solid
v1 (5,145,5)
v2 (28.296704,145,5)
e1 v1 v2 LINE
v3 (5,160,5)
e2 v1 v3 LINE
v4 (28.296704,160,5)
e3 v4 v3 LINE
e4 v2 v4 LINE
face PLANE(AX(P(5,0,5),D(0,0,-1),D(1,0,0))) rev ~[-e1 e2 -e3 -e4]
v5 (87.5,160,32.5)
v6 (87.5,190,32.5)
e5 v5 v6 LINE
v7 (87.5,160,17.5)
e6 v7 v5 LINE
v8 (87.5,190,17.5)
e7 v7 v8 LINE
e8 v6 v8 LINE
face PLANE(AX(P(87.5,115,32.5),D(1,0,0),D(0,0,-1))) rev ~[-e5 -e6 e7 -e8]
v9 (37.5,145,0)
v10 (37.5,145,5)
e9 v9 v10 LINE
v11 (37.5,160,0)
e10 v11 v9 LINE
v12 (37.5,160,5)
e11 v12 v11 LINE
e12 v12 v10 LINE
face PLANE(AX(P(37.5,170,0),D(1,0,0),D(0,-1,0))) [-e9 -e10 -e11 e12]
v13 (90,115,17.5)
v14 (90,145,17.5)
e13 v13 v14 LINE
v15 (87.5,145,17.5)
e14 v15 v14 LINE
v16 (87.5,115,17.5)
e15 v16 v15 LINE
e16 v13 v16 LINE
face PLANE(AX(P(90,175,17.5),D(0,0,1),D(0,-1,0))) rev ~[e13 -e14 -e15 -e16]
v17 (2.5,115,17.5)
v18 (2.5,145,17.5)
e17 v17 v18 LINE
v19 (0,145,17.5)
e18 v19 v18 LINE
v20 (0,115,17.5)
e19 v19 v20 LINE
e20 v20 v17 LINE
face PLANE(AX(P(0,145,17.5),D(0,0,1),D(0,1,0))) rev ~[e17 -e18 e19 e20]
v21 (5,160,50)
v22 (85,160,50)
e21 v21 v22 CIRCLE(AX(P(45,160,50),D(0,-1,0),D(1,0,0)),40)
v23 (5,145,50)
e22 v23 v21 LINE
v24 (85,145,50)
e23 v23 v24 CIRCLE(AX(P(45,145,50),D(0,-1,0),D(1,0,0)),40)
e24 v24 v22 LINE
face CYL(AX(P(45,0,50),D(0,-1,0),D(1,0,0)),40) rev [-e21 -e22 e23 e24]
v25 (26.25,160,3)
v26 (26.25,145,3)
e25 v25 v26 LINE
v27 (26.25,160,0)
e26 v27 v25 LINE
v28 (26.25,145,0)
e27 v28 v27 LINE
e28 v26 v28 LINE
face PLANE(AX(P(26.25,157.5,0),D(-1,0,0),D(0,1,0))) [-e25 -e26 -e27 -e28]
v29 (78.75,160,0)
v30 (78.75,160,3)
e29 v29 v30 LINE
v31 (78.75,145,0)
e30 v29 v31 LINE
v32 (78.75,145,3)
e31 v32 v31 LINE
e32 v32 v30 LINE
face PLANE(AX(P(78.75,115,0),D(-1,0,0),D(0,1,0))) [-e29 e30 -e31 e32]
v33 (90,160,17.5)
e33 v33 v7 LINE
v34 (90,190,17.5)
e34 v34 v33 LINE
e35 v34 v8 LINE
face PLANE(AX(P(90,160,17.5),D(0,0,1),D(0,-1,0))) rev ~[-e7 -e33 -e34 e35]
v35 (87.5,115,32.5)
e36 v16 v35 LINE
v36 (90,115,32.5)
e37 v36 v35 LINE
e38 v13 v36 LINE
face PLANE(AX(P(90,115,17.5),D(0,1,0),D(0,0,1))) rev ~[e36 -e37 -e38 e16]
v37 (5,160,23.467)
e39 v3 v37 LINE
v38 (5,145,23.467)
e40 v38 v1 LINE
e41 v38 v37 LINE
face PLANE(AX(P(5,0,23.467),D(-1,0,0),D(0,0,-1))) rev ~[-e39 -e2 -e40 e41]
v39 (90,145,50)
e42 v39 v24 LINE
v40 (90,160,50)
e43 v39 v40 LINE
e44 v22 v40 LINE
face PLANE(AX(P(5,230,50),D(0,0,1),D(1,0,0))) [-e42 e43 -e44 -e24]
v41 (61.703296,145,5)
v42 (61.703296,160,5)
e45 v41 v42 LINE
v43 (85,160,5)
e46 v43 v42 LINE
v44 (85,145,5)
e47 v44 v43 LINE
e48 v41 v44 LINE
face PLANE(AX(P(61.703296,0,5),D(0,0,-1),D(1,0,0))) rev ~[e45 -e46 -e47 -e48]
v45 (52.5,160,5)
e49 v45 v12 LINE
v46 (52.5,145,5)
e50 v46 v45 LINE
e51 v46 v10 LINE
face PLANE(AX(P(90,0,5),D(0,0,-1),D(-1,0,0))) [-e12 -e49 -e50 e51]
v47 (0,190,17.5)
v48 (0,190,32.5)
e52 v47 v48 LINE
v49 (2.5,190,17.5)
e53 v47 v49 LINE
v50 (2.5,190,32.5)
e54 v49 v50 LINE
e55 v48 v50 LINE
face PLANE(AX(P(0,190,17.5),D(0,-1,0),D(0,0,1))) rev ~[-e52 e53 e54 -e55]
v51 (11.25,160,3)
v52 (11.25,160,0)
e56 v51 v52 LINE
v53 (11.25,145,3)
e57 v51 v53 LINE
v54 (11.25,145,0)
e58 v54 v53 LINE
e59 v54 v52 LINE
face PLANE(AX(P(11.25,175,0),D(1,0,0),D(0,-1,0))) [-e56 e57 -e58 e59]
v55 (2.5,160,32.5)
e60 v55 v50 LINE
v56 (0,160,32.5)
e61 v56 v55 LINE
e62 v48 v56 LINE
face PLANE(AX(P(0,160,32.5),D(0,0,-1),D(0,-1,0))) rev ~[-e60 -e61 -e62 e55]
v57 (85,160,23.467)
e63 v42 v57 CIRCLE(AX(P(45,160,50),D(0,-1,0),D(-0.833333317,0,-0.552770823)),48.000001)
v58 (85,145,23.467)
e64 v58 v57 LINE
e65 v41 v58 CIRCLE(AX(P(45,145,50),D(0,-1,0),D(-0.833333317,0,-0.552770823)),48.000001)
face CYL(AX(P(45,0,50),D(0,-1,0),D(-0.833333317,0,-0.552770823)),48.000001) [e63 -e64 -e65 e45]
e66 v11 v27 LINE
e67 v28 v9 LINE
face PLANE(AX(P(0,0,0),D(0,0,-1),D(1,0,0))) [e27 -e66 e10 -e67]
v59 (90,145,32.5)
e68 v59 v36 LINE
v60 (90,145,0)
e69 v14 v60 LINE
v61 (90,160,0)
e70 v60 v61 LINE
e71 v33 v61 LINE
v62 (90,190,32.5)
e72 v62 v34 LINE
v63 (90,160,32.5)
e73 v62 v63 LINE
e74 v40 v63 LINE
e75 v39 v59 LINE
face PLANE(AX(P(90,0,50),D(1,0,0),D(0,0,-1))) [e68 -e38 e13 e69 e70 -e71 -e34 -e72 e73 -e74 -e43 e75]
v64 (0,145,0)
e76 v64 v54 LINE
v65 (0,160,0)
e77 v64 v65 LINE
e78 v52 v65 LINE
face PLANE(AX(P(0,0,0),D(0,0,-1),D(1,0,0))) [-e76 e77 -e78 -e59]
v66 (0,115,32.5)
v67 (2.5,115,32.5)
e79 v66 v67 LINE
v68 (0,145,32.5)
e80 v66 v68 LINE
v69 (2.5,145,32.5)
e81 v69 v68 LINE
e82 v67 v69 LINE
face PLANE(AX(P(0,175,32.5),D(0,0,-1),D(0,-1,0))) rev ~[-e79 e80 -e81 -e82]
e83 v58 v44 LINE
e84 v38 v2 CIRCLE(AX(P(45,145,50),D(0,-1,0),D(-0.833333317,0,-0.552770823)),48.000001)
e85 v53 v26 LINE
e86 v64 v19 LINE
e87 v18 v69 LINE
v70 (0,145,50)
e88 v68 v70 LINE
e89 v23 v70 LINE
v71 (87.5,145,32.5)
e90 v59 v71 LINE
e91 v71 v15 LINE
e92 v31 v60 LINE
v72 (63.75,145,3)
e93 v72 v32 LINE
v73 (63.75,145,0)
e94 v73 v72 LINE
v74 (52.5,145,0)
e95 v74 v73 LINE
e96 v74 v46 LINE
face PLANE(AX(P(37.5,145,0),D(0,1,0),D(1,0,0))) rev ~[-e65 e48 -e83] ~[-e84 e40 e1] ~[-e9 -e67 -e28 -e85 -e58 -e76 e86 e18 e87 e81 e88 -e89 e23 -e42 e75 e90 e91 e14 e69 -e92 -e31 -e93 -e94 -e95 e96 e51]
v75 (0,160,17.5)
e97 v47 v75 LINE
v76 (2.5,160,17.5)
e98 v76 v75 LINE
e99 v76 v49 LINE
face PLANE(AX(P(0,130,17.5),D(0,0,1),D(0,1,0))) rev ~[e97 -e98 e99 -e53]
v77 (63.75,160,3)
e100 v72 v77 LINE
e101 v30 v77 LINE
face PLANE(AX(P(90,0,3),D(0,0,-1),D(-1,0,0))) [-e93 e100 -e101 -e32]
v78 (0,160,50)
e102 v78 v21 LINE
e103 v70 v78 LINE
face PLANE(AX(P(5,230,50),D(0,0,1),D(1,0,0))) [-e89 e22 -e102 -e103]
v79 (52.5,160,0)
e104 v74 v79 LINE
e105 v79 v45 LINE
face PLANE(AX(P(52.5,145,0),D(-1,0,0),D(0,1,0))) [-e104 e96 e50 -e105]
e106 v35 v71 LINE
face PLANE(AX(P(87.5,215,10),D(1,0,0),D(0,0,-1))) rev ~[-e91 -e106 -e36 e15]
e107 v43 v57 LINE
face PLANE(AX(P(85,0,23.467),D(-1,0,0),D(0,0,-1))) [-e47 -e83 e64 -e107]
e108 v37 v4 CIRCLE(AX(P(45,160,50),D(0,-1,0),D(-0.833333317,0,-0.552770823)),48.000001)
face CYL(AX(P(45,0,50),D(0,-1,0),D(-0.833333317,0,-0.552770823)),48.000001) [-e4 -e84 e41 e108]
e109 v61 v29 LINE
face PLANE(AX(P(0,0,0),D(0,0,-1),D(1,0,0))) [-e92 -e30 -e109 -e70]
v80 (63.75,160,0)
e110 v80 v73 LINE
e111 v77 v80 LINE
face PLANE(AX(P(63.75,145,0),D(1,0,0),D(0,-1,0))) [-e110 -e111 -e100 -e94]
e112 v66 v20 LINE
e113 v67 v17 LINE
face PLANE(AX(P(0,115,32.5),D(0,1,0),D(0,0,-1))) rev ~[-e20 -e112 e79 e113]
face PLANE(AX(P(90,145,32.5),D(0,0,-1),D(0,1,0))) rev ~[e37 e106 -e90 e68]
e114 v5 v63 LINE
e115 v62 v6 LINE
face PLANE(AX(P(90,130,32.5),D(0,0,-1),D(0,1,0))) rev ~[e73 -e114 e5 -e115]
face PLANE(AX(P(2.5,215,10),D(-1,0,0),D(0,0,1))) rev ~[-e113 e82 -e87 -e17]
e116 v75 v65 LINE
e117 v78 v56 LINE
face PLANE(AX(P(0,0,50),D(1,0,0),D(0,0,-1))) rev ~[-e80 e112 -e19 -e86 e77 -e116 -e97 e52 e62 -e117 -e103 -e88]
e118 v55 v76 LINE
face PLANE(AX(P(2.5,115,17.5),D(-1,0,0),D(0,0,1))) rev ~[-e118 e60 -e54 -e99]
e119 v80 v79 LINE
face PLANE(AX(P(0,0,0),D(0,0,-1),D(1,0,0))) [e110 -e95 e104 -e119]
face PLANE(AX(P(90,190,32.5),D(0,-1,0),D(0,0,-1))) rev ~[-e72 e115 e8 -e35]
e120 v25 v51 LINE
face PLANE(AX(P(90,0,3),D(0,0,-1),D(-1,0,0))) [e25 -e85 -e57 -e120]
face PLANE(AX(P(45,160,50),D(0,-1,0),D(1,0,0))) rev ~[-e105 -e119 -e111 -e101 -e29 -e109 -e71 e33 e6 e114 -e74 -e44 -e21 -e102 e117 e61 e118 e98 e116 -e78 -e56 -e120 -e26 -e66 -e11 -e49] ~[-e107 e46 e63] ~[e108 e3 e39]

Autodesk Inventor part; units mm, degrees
ref_plane "YZ Plane" through (0, 0, 0) normal (1, 0, 0) x (0, 1, 0)
ref_plane "XZ Plane" through (0, 0, 0) normal (0, 1, 0) x (-1, 0, 0)
ref_plane "XY Plane" through (0, 0, 0) normal (0, 0, 1) x (1, 0, 0)
sketch "スケッチ1" plane through (0, 0, 0) normal (0, 1, 0) x (-1, 0, 0)
  line L0 (0, 0) -> (-90, 0)
  line L1 (-90, 0) -> (-90, 50)
  line L2 (0, 50) -> (0, 0)
  line L3 (0, 0) -> (-5, 0)
  line L4 (-5, 0) -> (-5, 50)
  line L5 (-5, 0) -> (-90, 0)
  line L6 (-90, 0) -> (-85, 0)
  line L7 (-85, 0) -> (-85, 50)
  arc A0 (-85, 50) -> (-5, 50) centre (-45, 50) ccw
  line L8 (0, 0) -> (0, 10)
  line L9 (0, 10) -> (-90, 10)
  circle A1 centre (-45, 50) radius 45
  line L10 (-90, 5) -> (0, 5)
  line L11 (-90, 50) -> (-85, 50)
  line L12 (-5, 50) -> (0, 50)
  line L13 (0, 0) -> (-90, 0)
  line L14 (-90, 0) -> (-90, 5)
  line L15 (-90, 5) -> (0, 5)
  line L16 (0, 5) -> (0, 0)
  dimension "d0" = 90
  dimension "d1" = 50
  dimension "d2" = 5
  dimension "d3" = 85
  dimension "d4" = 5
  dimension "d5" = 80
  dimension "d6" = 10
  dimension "d7" = 90
extrude "押し出し1" add sketch "スケッチ1" along normal blind 230 contours L0 L4 L10 L2 | L0 L7 L10 L4 | L10 L4 L9 L2 | L0 L1 L10 L7 | L10 A1 L9 L4 | L9 L4 A1 L2 | L10 L1 L9 L7 | L7 L9 A1 L10 | L9 A1 L4 | A1 L9 | A1 L4 L12 | L9 L1 A1 L7 | L7 A1 L9 | A1 L9 A0 L4 | A1 L7 A0 L9 | L11 L7 A1
sketch "スケッチ2" plane through (0, 0, 0) normal (0, -1, 0) x (1, 0, 0)
  line L0 (0, 0) -> (0, 50) projected
  line L1 (90, 0) -> (0, 0) projected
  line L2 (90, 50) -> (90, 0) projected
  line L3 (85, 50) -> (90, 50) projected
  arc A0 (5, 50) -> (85, 50) centre (45, 50) ccw projected
  line L4 (0, 50) -> (5, 50) projected
  arc A1 (5, 23.467) -> (85, 23.467) centre (45, 50) ccw
  line L5 (0, 5) -> (90, 5)
  line L6 (5, 23.467) -> (5, 5)
  line L7 (85, 23.467) -> (85, 5)
  dimension "d29" = 48
extrude "押し出し2" cut sketch "スケッチ2" against normal blind 225 contours L6 A1 L5 | L5 A1 L7
sketch "スケッチ3" plane through (0, 230, 0) normal (0, 1, 0) x (1, 0, 0)
  arc A0 (85, -50) -> (5, -50) centre (45, -50) ccw projected
  line L0 (90, -50) -> (90, 0) projected
  line L1 (0, -50) -> (5, -50) projected
  arc A1 (85, -50) -> (5, -50) centre (45, -50) ccw
  line L2 (5, -50) -> (85, -50)
extrude "押し出し3" add sketch "スケッチ3" against normal blind 5
sketch "スケッチ4" plane through (90, 0, 50) normal (1, 0, 0) x (0, 0, -1)
  line L0 (0, 0) -> (50, 0) projected
  line L1 (0, 0) -> (0, 230) projected
  line L2 (25, 0) -> (25, 65)
  line L3 (25, 65) -> (25, 75)
  line L4 (25, 75) -> (25, 215)
  line L5 (25, 215) -> (25, 225)
  line L6 (0, 65) -> (40, 65)
  line L7 (40, 65) -> (40, 75)
  line L8 (40, 75) -> (0, 75)
  line L9 (0, 75) -> (0, 65)
  line L10 (0, 215) -> (40, 215)
  line L11 (40, 215) -> (40, 225)
  line L12 (40, 225) -> (0, 225)
  line L13 (0, 225) -> (0, 215)
  dimension "d16" = 65
  dimension "d17" = 10
  dimension "d18" = 140
  dimension "d19" = 10
  dimension "d20" = 40
extrude "押し出し4" cut sketch "スケッチ4" against normal blind 90 contours L1 L8 L3 L6 | L3 L8 L7 L6 | L1 L12 L5 L10 | L5 L12 L11 L10
sketch "スケッチ6" plane through (90, 0, 50) normal (1, 0, 0) x (0, 0, -1)
  line L0 (0, 230) -> (50, 230) projected
  line L1 (50, 230) -> (37.5, 251.6506)
  line L2 (50, 230) -> (110, 230) construction
  line L3 (0, 230) -> (37.5, 251.6506)
  line L4 (0, 230) -> (43.3013, 230) construction
  dimension "d32" = 120
  dimension "d33" = 30
extrude "押し出し6" add sketch "スケッチ6" against normal blind 90
sketch "スケッチ9" plane through (0, 0, 0) normal (-1, 0, 0) x (0, 0, 1)
  line L0 (10, 225) -> (50, 225) projected
  line L1 (50, 225) -> (50, 230) projected
  line L2 (50, 230) -> (12.5, 251.6506) projected
  line L3 (12.5, 251.6506) -> (0, 230) projected
  line L4 (0, 0) -> (0, 230) projected
  line L5 (0, 0) -> (50, 0) projected
  line L6 (50, 0) -> (50, 65) projected
  line L7 (50, 65) -> (10, 65) projected
  line L8 (10, 65) -> (10, 75) projected
  line L9 (10, 75) -> (50, 75) projected
  line L10 (50, 75) -> (50, 215) projected
  line L11 (50, 215) -> (10, 215) projected
  line L12 (10, 215) -> (10, 225) projected
  line L13 (12.5, 251.6506) -> (0, 230)
  line L14 (0, 230) -> (-132.7906, 0)
  line L15 (0, 145) -> (-49.0748, 145)
  line L16 (0, 115) -> (-66.3953, 115)
  dimension "d45" = 30
sketch "スケッチ10" plane through (0, 0, 0) normal (-1, 0, 0) x (0, 0, 1)
  line L0 (10, 225) -> (50, 225) projected
  line L1 (50, 225) -> (50, 230) projected
  line L2 (50, 230) -> (12.5, 251.6506) projected
  line L3 (12.5, 251.6506) -> (0, 230) projected
  line L4 (0, 0) -> (0, 230) projected
  line L5 (0, 0) -> (50, 0) projected
  line L6 (50, 0) -> (50, 65) projected
  line L7 (50, 65) -> (10, 65) projected
  line L8 (10, 65) -> (10, 75) projected
  line L9 (10, 75) -> (50, 75) projected
  line L10 (50, 75) -> (50, 215) projected
  line L11 (50, 215) -> (10, 215) projected
  line L12 (10, 215) -> (10, 225) projected
  line L13 (12.5, 251.6506) -> (-87.5, 78.4456)
  line L14 (-87.5, 78.4456) -> (50, 0)
sketch "スケッチ12" plane through (90, 0, 50) normal (1, 0, 0) x (0, 0, -1)
  line L0 (50, 0) -> (50, 230) projected
  line L1 (40, 225) -> (40, 215) projected
  line L2 (0, 215) -> (0, 75)
  line L3 (0, 145) -> (50, 145)
  line L4 (32.5, 175) -> (17.5, 175)
  line L5 (17.5, 175) -> (17.5, 115)
  line L6 (17.5, 115) -> (32.5, 115)
  line L7 (32.5, 115) -> (32.5, 175)
  line L8 (32.5, 175) -> (17.5, 115) construction
  line L9 (17.5, 175) -> (32.5, 115) construction
  line L10 (17.5, 145) -> (32.5, 145)
  line L11 (32.5, 145) -> (32.5, 115)
  line L12 (32.5, 115) -> (17.5, 115)
  line L13 (17.5, 115) -> (17.5, 145)
  point P0 (25, 145)
  dimension "d59" = 15
  dimension "d60" = 60
extrude "押し出し8" cut sketch "スケッチ12" against normal blind 2.5 contours L3 L7 L6 L5
sketch "スケッチ13" plane through (0, 0, 0) normal (-1, 0, 0) x (0, 0, 1)
  line L0 (0, 0) -> (0, 230) projected
  line L1 (50, 75) -> (50, 215) projected
  line L2 (50, 145) -> (0, 145)
  line L3 (17.5, 175) -> (32.5, 175)
  line L4 (32.5, 175) -> (32.5, 115)
  line L5 (32.5, 115) -> (17.5, 115)
  line L6 (17.5, 115) -> (17.5, 175)
  line L7 (17.5, 175) -> (32.5, 115) construction
  line L8 (32.5, 175) -> (17.5, 115) construction
  line L9 (17.5, 145) -> (32.5, 145)
  line L10 (32.5, 145) -> (32.5, 115)
  line L11 (32.5, 115) -> (17.5, 115)
  line L12 (17.5, 115) -> (17.5, 145)
  point P0 (25, 145)
  dimension "d63" = 15
  dimension "d64" = 60
extrude "押し出し9" cut sketch "スケッチ13" against normal blind 2.5 contours L4 L5 L6 L2
sketch "スケッチ14" plane through (90, 0, 0) normal (0, 0, -1) x (-1, 0, 0)
  line L0 (90, 0) -> (90, 230) projected
  line L1 (0, 0) -> (0, 230) projected
  line L2 (0, 145) -> (90, 145)
  line L3 (37.5, 170) -> (52.5, 170)
  line L4 (52.5, 170) -> (52.5, 120)
  line L5 (52.5, 120) -> (37.5, 120)
  line L6 (37.5, 120) -> (37.5, 170)
  line L7 (37.5, 170) -> (52.5, 120) construction
  line L8 (52.5, 170) -> (37.5, 120) construction
  line L9 (37.5, 145) -> (52.5, 145)
  line L10 (52.5, 145) -> (52.5, 170)
  line L11 (52.5, 170) -> (37.5, 170)
  line L12 (37.5, 170) -> (37.5, 145)
  point P0 (45, 145)
  dimension "d67" = 15
  dimension "d70" = 25
extrude "押し出し10" cut sketch "スケッチ14" against normal blind 5 contours L6 L3 L4 L2
sketch "スケッチ16" plane through (90, 0, 0) normal (0, 0, -1) x (-1, 0, 0)
  line L0 (52.5, 170) -> (52.5, 145) projected
  line L1 (52.5, 145) -> (37.5, 145) projected
  line L2 (37.5, 145) -> (37.5, 170) projected
  line L3 (90, 0) -> (90, 230) projected
  line L4 (0, 0) -> (0, 230) projected
  line L5 (0, 145) -> (90, 145)
  line L6 (0, 160) -> (37.5, 157.5)
  line L7 (52.5, 157.5) -> (90, 157.5)
  line L8 (18.75, 158.75) -> (18.75, 145)
  line L9 (71.25, 145) -> (71.25, 157.5)
  line L10 (11.25, 175) -> (26.25, 175)
  line L11 (26.25, 175) -> (26.25, 115)
  line L12 (26.25, 115) -> (11.25, 115)
  line L13 (11.25, 115) -> (11.25, 175)
  line L14 (11.25, 175) -> (26.25, 115) construction
  line L15 (26.25, 175) -> (11.25, 115) construction
  line L16 (11.25, 115) -> (26.25, 115)
  line L17 (26.25, 115) -> (26.25, 175)
  line L18 (26.25, 175) -> (11.25, 175)
  line L19 (11.25, 175) -> (11.25, 115)
  line L20 (45, 145) -> (45, 125)
  line L21 (78.75, 175) -> (63.75, 175)
  line L22 (63.75, 115) -> (78.75, 115)
  line L23 (78.75, 175) -> (78.75, 115)
  line L24 (63.75, 115) -> (63.75, 175)
  line L25 (63.75, 175) -> (78.75, 175)
  line L26 (78.75, 175) -> (78.75, 115)
  line L27 (78.75, 115) -> (63.75, 115)
  line L28 (63.75, 115) -> (63.75, 175)
  line L29 (11.25, 115) -> (26.25, 115)
  line L30 (26.25, 115) -> (26.25, 175)
  line L31 (26.25, 175) -> (11.25, 175)
  line L32 (11.25, 175) -> (11.25, 115)
  dimension "d71" = 15
  dimension "d72" = 60
  dimension "d73" = 20
extrude "押し出し11" cut sketch "スケッチ16" against normal blind 3 contours L24 L21 L23 L7 | L7 L9 L5 L24 | L5 L23 L22 L24 | L7 L23 L5 L9 | L11 L12 L13 L5 | L5 L8 L6 L11 | L6 L13 L10 L11 | L5 L13 L6 L8
sketch "スケッチ17" plane through (37.5, 145, 0) normal (0, 1, 0) x (1, 0, 0)
  line L0 (-57.7643, 16.522) -> (69.053, 16.522)
  line L1 (69.053, 16.522) -> (69.053, -65.9751)
  line L2 (69.053, -65.9751) -> (-57.7643, -65.9751)
  line L3 (-57.7643, -65.9751) -> (-57.7643, 16.522)
  point P0 (-37.5, 0)
extrude "押し出し12" cut sketch "スケッチ17" against normal blind 180
sketch "スケッチ18" plane through (0, 215, 10) normal (-1, 0, 0) x (0, 0, 1)
  line L0 (-10, -70) -> (40, -70) projected
  line L1 (7.5, -40) -> (22.5, -40)
  line L2 (22.5, -40) -> (22.5, -100)
  line L3 (22.5, -100) -> (7.5, -100)
  line L4 (7.5, -100) -> (7.5, -40)
  line L5 (7.5, -40) -> (22.5, -100) construction
  line L6 (22.5, -40) -> (7.5, -100) construction
  point P0 (-10, -215)
  point P1 (15, -70)
  dimension "d78" = 15
  dimension "d79" = 60
extrude "押し出し13" add sketch "スケッチ18" against normal blind 2.5
sketch "スケッチ19" plane through (90, 215, 10) normal (1, 0, 0) x (0, 0, -1)
  line L0 (-40, -70) -> (10, -70) projected
  line L1 (-22.5, -40) -> (-7.5, -40)
  line L2 (-7.5, -40) -> (-7.5, -100)
  line L3 (-7.5, -100) -> (-22.5, -100)
  line L4 (-22.5, -100) -> (-22.5, -40)
  line L5 (-22.5, -40) -> (-7.5, -100) construction
  line L6 (-7.5, -40) -> (-22.5, -100) construction
  point P0 (10, -215)
  point P1 (-15, -70)
  dimension "d82" = 15
  dimension "d83" = 60
extrude "押し出し14" add sketch "スケッチ19" against normal blind 2.5
sketch "スケッチ20" plane through (90, 230, 0) normal (0, 0.5, -0.866) x (-1, 0, 0)
  line L0 (0, 0) -> (0, 25) projected
  line L1 (0, 0) -> (90, 0) projected
  line L2 (90, 25) -> (90, 0) projected
  line L3 (0, 25) -> (90, 25) projected
  line L4 (0, 12.5) -> (90, 12.5)
  line L5 (45, 12.5) -> (45, 25)
  line L6 (45, 12.5) -> (45, 0)
  line L7 (22.5, 18.5) -> (67.5, 18.5)
  line L8 (67.5, 18.5) -> (67.5, 6.5)
  line L9 (67.5, 6.5) -> (22.5, 6.5)
  line L10 (22.5, 6.5) -> (22.5, 18.5)
  line L11 (22.5, 18.5) -> (67.5, 6.5) construction
  line L12 (67.5, 18.5) -> (22.5, 6.5) construction
  circle A0 centre (45, 6.5) radius 3
  circle A1 centre (67.5, 18.5) radius 3
  circle A2 centre (67.5, 6.5) radius 3
  circle A3 centre (22.5, 6.5) radius 3
  circle A4 centre (22.5, 18.5) radius 3
  circle A5 centre (45, 18.5) radius 3
  point P0 (90, -199.1858)
  dimension "d86" = 45
  dimension "d87" = 6
  dimension "d89" = 6
  dimension "d90" = 6
  dimension "d91" = 6
  dimension "d92" = 6
  dimension "d93" = 6
  dimension "d94" = 6
extrude "押し出し15" add sketch "スケッチ20" along normal blind 5 contours A0 L9 L6 | L6 L9 A0 | A3 L9 L10 | L10 L9 A3 | A4 L7 L10 | L10 L7 A4 | L9 A0 L6 | L6 A0 L9 | A5 L7 L5 | L5 L7 A5 | A5 L7 L5 | L5 L7 A5 | A2 L8 L9 | L9 L8 A2 | A1 L7 L8 | L8 L7 A1
ref_plane "作業平面2" through (45, 160, 50) normal (0, -1, 0) x (1, 0, 0)
sketch "スケッチ21" plane through (45, 160, 50) normal (0, -1, 0) x (1, 0, 0)
  line L0 (-52.9668, 19.8142) -> (54.3752, 19.8142)
  line L1 (54.3752, 19.8142) -> (54.3752, -61.5309)
  line L2 (54.3752, -61.5309) -> (-52.9668, -61.5309)
  line L3 (-52.9668, -61.5309) -> (-52.9668, 19.8142)
  line L4 (-52.9668, 19.8142) -> (54.3752, -61.5309) construction
  line L5 (54.3752, 19.8142) -> (-52.9668, -61.5309) construction
  point P0 (-45, -50)
  point P1 (0.7042, -20.8583)
extrude "押し出し16" cut sketch "スケッチ21" against normal blind 150
sketch "スケッチ22" plane through (90, 115, 32.5) normal (1, 0, 0) x (0, 0, -1)
  line L0 (32.5, 45) -> (-17.5, 45) projected
  line L1 (15, 30) -> (15, 0) projected
  line L2 (0, 75) -> (15, 75)
  line L3 (15, 75) -> (15, 15)
  line L4 (15, 15) -> (0, 15)
  line L5 (0, 15) -> (0, 75)
  line L6 (0, 75) -> (15, 15) construction
  line L7 (15, 75) -> (0, 15) construction
  point P0 (32.5, -115)
  point P1 (7.5, 45)
extrude "押し出し17" add sketch "スケッチ22" against normal blind 2.5
sketch "スケッチ23" plane through (0, 115, 17.5) normal (-1, 0, 0) x (0, 0, 1)
  line L0 (32.5, 45) -> (-17.5, 45) projected
  line L1 (15, 30) -> (15, 0) projected
  line L2 (0, 75) -> (15, 75)
  line L3 (15, 75) -> (15, 15)
  line L4 (15, 15) -> (0, 15)
  line L5 (0, 15) -> (0, 75)
  line L6 (0, 75) -> (15, 15) construction
  line L7 (15, 75) -> (0, 15) construction
  point P0 (-17.5, -115)
  point P1 (7.5, 45)
extrude "押し出し18" add sketch "スケッチ23" against normal blind 2.5
properties part number "知能ロボコン発射台２.112" material "ABS プラスチック"
